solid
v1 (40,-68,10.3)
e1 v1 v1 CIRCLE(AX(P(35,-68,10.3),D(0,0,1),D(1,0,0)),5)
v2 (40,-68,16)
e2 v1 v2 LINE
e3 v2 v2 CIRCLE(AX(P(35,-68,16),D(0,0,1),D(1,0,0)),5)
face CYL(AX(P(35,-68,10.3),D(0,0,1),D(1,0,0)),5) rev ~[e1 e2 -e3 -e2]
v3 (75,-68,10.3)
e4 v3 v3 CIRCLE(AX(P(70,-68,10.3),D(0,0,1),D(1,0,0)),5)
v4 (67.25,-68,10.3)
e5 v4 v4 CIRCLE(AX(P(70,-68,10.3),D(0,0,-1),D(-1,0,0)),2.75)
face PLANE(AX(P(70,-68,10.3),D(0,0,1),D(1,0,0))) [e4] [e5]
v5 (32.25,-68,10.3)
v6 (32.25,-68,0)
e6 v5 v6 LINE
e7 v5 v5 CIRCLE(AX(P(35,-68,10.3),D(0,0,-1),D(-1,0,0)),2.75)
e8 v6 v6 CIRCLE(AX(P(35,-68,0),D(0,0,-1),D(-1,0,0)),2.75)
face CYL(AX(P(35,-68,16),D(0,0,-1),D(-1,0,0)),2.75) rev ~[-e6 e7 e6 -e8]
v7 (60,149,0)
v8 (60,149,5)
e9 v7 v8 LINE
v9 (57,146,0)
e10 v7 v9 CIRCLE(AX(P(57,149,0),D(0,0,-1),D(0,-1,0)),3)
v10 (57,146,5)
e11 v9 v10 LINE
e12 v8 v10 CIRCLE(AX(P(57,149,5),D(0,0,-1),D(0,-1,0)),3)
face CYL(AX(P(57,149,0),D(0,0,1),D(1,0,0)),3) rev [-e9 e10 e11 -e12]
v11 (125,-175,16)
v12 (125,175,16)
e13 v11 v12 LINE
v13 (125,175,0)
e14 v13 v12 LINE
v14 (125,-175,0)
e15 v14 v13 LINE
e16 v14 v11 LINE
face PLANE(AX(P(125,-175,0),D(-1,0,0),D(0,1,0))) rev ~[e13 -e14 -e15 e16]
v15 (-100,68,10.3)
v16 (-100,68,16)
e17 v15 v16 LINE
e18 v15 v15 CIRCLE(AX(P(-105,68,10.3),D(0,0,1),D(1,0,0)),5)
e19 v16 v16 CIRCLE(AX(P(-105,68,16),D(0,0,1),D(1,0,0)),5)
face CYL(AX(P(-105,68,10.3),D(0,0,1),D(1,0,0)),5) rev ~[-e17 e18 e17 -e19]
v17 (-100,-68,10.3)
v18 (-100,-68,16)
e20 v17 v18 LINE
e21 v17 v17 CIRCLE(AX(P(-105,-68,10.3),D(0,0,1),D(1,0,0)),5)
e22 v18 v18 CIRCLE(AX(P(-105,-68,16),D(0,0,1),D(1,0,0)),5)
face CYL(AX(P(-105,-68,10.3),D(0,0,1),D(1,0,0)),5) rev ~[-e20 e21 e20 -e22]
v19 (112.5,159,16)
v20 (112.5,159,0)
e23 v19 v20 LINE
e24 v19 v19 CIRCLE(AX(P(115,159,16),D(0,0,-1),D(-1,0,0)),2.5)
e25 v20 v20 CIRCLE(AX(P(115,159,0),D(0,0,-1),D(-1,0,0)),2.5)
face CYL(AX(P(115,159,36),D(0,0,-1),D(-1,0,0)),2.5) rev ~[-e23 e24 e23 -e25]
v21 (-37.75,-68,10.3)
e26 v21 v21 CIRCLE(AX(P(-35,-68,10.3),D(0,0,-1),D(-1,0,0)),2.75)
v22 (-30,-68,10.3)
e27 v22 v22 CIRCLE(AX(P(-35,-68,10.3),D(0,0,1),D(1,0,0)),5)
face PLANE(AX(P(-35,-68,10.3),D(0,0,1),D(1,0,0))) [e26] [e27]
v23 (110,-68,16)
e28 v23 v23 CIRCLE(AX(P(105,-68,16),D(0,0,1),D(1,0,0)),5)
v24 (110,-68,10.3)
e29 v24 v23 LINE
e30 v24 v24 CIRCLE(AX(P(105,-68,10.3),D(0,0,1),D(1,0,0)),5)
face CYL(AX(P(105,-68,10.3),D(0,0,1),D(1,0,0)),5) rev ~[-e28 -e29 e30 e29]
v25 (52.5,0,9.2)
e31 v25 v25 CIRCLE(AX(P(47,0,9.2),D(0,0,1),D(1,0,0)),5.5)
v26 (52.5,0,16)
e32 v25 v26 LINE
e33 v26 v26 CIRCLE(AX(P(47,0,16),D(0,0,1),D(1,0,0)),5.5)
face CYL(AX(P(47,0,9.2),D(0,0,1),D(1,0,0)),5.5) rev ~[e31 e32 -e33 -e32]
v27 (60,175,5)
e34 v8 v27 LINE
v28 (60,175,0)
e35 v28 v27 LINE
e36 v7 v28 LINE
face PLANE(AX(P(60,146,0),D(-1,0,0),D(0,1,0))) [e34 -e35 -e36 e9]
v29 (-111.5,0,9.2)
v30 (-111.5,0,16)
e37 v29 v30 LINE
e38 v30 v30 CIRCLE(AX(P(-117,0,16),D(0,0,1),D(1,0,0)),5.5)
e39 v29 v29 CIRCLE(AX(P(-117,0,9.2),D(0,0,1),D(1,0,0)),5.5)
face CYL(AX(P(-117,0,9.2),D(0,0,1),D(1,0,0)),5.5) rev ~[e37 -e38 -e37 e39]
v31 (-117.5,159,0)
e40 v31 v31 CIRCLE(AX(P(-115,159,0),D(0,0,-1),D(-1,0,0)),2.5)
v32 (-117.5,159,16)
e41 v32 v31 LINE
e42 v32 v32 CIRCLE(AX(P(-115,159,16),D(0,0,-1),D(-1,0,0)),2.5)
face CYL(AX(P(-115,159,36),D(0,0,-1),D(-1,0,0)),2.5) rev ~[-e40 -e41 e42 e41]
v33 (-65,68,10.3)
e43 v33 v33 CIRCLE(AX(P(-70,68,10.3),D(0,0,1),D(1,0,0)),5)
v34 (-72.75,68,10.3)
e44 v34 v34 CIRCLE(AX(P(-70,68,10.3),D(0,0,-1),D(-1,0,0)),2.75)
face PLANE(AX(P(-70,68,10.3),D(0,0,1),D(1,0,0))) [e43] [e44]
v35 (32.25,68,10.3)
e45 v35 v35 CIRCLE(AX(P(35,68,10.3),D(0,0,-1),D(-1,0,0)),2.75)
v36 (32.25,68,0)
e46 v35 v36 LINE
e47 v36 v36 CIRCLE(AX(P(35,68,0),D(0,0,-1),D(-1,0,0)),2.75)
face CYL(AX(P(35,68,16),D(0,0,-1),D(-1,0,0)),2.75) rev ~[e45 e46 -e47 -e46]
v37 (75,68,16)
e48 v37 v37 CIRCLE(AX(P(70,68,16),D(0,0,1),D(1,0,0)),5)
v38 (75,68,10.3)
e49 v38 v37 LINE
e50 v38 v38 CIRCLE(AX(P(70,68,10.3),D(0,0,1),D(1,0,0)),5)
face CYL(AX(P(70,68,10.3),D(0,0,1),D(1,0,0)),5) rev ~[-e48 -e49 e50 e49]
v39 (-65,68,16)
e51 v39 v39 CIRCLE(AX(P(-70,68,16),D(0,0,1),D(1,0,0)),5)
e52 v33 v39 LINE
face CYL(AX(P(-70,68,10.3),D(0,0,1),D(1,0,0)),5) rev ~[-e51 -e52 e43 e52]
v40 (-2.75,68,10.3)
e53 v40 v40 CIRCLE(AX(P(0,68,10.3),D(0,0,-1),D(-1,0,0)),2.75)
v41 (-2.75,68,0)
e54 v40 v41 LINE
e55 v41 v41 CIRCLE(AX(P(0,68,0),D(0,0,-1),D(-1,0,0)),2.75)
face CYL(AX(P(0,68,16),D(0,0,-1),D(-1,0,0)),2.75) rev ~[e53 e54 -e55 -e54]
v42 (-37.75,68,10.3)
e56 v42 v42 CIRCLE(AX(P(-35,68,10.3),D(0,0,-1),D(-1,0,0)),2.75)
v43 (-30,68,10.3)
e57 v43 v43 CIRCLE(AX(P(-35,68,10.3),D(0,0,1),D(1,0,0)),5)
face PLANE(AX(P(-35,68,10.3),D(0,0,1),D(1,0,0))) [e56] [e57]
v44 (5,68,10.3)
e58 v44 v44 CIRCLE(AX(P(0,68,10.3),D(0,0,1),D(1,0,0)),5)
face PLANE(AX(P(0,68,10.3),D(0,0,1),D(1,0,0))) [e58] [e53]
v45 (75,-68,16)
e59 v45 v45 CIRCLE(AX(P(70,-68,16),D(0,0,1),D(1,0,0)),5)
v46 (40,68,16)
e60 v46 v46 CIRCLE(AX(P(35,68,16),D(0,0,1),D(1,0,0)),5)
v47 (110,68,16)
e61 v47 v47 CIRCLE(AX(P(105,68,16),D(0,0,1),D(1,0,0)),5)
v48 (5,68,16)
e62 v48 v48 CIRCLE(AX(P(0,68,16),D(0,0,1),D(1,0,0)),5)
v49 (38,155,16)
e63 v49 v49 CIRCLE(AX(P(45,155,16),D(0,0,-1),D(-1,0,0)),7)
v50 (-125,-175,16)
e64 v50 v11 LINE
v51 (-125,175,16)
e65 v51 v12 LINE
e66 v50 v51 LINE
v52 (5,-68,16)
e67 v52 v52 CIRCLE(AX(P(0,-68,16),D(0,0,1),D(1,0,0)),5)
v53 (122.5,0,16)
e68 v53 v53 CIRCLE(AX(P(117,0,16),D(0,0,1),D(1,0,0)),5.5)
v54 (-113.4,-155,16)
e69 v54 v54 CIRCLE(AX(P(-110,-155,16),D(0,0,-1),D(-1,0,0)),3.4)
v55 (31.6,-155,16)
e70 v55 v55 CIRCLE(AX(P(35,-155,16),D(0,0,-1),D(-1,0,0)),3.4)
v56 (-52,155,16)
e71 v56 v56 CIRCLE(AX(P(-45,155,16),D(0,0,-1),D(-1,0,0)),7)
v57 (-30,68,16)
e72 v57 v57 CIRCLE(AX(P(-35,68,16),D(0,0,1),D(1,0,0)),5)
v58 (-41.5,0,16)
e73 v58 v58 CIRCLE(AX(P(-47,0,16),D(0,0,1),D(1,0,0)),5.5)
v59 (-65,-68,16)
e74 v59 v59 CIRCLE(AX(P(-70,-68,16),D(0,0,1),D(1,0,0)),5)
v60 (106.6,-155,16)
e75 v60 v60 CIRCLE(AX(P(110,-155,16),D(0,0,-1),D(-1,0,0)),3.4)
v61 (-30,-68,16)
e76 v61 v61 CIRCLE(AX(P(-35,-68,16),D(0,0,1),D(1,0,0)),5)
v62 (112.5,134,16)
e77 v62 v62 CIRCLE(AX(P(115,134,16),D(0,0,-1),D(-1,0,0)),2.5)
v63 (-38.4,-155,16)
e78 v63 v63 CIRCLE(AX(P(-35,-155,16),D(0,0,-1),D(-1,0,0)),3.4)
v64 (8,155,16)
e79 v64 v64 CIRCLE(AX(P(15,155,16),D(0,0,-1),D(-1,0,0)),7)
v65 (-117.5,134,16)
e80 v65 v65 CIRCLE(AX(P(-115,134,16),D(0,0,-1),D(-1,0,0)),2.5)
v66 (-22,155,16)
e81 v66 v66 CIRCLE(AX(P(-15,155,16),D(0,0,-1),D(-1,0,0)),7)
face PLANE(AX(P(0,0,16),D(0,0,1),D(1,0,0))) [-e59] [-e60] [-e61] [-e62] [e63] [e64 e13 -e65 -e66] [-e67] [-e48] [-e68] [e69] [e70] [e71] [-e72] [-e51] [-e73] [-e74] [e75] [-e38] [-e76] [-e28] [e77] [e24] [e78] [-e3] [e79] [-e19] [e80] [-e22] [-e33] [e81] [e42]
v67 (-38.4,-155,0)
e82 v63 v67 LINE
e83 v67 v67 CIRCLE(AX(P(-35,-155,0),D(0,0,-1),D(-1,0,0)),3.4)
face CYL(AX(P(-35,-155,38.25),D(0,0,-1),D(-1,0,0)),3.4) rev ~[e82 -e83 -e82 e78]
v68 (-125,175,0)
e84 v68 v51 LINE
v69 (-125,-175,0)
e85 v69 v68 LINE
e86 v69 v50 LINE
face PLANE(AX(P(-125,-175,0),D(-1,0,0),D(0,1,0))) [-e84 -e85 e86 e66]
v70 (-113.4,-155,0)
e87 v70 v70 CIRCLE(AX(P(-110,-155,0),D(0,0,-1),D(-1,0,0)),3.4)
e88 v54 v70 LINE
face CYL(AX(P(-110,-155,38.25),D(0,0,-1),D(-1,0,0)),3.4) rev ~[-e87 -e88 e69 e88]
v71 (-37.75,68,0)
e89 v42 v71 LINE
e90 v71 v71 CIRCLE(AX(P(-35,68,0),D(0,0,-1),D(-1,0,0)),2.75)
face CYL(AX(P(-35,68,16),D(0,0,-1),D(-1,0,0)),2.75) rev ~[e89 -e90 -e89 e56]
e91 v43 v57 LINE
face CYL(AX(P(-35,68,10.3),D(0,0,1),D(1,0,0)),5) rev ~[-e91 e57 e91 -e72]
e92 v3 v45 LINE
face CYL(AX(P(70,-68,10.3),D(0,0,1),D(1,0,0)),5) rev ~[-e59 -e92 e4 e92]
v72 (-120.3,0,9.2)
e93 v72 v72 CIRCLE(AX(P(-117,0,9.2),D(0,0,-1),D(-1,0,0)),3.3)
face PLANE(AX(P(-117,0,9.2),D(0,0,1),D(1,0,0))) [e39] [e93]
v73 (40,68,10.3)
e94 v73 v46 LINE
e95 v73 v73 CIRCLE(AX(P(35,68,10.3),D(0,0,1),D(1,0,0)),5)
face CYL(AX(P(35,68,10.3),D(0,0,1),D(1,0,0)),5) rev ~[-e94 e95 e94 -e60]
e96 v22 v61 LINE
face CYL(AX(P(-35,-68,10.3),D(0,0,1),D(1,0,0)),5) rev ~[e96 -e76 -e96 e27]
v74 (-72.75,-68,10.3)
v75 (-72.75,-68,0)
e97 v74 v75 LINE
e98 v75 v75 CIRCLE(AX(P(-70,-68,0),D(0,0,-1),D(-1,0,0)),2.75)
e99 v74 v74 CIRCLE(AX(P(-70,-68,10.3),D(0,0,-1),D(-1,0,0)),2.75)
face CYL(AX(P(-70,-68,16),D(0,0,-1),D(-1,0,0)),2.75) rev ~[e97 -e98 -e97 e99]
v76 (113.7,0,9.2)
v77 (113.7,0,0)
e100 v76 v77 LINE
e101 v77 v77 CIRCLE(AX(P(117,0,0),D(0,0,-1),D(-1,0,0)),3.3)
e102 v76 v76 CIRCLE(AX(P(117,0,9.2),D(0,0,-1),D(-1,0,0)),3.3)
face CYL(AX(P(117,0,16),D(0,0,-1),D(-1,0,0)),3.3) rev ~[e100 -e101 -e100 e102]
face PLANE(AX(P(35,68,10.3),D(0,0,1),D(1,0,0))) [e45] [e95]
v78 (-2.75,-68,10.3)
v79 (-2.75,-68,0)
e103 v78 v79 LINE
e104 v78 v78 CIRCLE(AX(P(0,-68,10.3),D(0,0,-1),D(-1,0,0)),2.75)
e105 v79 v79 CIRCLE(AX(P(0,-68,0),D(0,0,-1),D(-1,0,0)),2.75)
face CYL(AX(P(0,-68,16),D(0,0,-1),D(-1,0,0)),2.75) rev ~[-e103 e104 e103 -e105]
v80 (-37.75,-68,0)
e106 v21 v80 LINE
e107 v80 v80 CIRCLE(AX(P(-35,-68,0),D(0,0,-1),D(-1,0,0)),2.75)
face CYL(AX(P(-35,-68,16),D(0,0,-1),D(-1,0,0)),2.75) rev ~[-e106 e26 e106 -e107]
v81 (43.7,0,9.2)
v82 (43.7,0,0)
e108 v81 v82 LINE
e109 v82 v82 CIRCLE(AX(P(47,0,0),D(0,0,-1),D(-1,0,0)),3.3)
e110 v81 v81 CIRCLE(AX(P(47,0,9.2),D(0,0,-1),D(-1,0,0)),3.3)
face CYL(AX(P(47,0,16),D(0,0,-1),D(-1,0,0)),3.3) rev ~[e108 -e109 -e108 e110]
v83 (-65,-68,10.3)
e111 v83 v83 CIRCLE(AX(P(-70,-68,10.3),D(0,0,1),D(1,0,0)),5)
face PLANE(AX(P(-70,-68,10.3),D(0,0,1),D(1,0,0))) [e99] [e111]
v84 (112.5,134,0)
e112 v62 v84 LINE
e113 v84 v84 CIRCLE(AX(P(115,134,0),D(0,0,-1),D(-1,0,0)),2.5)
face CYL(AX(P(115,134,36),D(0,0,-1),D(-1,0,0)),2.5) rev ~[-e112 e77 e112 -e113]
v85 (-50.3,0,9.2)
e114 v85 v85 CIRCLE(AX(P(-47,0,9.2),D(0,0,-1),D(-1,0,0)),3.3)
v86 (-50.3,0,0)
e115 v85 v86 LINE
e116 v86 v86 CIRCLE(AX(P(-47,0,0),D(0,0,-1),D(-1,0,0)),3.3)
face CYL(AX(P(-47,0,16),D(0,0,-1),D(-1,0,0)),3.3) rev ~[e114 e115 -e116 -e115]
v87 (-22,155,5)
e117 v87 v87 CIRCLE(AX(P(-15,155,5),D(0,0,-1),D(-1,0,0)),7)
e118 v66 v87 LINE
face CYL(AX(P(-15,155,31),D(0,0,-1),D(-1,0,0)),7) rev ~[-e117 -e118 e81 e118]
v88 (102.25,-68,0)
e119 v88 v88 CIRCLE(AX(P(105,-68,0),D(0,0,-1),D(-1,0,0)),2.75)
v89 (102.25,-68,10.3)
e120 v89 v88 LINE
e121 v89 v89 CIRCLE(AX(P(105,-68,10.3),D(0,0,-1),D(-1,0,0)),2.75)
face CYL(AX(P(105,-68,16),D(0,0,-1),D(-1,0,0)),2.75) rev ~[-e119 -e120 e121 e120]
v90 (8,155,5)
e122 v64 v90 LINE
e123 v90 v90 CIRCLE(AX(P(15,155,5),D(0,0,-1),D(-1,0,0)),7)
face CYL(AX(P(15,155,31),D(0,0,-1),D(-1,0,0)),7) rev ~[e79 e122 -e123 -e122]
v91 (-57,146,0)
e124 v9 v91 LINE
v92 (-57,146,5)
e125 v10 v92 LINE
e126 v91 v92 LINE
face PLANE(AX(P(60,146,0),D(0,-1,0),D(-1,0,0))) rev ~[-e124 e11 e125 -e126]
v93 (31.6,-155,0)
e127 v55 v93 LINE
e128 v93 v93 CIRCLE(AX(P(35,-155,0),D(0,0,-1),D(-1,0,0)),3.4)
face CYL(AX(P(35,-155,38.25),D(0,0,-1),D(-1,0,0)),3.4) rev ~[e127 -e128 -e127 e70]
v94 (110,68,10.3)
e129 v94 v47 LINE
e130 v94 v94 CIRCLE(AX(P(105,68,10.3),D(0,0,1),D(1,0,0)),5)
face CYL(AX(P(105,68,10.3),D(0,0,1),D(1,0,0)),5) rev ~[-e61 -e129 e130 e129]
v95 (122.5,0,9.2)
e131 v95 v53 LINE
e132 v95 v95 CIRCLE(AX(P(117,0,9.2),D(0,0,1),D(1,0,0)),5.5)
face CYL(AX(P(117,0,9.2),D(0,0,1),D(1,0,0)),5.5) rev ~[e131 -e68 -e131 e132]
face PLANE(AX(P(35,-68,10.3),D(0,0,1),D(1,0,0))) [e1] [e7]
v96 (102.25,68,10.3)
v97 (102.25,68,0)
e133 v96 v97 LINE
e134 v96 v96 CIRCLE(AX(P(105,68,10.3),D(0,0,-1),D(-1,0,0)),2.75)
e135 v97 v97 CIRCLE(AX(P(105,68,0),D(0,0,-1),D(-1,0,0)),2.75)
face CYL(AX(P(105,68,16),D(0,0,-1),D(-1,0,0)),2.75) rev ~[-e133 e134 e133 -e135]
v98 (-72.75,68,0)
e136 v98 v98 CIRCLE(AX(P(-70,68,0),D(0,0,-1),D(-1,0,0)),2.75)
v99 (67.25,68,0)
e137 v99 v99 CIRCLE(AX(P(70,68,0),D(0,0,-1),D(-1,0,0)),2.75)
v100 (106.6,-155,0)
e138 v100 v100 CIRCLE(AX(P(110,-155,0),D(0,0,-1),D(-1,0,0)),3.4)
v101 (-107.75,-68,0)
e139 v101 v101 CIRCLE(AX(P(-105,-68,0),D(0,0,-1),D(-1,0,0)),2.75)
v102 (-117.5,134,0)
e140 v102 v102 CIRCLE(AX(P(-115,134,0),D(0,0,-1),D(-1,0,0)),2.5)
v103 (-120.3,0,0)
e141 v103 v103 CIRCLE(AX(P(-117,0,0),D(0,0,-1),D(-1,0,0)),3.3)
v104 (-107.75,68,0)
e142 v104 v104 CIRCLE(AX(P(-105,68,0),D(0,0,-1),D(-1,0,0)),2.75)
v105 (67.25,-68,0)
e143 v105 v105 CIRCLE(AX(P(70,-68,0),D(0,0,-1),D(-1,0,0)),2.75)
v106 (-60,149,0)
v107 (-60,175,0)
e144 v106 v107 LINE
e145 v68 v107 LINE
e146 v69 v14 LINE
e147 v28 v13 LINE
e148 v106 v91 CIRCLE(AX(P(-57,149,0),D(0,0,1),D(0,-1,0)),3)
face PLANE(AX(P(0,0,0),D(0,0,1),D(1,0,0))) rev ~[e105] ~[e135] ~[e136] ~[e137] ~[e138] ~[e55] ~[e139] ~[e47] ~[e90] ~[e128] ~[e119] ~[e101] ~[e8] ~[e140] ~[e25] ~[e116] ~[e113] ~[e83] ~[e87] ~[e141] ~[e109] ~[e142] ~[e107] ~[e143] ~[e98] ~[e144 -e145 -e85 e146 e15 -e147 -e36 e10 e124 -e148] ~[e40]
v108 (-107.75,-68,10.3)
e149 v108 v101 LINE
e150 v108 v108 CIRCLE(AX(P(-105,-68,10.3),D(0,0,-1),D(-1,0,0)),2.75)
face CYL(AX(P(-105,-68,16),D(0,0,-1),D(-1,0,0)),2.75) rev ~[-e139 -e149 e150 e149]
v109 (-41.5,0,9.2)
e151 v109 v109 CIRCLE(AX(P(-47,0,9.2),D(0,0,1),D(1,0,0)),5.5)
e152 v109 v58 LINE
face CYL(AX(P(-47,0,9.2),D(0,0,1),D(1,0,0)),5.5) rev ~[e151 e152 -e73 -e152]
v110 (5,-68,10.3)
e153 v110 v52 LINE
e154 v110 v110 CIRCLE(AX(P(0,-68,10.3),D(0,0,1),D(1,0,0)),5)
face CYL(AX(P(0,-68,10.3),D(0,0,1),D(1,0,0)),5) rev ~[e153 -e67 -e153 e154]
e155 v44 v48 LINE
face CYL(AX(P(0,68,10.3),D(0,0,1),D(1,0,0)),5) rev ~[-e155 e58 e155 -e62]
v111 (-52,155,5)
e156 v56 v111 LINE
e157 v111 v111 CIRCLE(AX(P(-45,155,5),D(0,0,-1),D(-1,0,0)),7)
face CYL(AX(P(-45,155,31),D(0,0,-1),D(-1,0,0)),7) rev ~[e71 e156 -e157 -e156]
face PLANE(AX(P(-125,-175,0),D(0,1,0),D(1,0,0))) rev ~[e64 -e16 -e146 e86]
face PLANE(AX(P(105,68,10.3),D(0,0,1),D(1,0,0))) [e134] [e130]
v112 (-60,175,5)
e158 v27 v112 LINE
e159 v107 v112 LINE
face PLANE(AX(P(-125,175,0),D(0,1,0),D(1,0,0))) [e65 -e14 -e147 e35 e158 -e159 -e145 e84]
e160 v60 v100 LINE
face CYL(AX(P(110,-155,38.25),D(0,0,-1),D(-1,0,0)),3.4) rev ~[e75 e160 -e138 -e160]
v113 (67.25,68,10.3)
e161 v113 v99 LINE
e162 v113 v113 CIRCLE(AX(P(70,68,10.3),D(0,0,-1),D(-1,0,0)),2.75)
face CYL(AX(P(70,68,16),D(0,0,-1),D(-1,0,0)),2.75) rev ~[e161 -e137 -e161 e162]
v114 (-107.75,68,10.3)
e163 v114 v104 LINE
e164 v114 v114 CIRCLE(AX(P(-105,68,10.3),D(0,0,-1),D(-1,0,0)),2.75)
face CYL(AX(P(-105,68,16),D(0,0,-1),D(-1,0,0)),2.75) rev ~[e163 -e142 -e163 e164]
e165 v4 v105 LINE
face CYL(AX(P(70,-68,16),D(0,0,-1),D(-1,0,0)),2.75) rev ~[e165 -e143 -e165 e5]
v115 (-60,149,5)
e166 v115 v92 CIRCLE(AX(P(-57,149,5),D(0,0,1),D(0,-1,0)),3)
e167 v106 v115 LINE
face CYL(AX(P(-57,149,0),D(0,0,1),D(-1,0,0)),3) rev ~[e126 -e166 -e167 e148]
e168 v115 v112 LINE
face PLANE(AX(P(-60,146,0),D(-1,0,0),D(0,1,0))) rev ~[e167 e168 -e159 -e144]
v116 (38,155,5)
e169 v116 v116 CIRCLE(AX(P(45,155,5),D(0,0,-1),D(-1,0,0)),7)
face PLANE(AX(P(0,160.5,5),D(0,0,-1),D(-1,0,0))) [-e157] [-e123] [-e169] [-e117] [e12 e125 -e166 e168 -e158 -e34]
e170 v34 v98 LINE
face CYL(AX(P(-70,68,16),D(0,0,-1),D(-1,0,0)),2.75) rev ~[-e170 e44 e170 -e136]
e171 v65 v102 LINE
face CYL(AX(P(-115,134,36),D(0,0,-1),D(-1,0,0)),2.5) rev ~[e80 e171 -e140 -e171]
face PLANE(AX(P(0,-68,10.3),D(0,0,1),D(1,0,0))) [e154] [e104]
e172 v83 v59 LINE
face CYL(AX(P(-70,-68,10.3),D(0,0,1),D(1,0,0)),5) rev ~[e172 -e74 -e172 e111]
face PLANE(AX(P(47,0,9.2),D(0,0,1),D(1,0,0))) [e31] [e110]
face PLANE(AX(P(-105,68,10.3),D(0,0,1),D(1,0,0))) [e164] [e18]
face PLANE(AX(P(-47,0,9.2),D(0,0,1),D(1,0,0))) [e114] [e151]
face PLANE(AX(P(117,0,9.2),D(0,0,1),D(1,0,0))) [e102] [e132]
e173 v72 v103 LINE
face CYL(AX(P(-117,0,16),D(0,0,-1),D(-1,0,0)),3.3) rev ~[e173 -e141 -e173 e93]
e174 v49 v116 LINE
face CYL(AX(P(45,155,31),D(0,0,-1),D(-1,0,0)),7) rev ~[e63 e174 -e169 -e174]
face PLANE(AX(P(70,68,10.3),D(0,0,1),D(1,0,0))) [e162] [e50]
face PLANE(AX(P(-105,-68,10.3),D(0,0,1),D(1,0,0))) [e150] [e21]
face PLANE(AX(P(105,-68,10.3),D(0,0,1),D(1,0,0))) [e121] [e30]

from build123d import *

# Parameters (mm, degrees)
SKETCH_1_W                  = 250
SKETCH_1_H                  = 350
EXTRUDE_1_DEPTH             = 16
HOLE_WIZARD_0_D             = 5.5
HOLE_WIZARD_0_DEPTH         = 22.25
HOLE_WIZARD_0_CBORE_D       = 10
HOLE_WIZARD_0_CBORE_DEPTH   = 5.7
HOLE_WIZARD_0_TIP           = 1.652366702
HOLE_WIZARD_0_2_D           = 6.6
HOLE_WIZARD_0_2_DEPTH       = 16
HOLE_WIZARD_0_2_CBORE_D     = 11
HOLE_WIZARD_0_2_CBORE_DEPTH = 6.8
MM_1_D                      = 6.8
MM_1_DEPTH                  = 22.25
MM_1_TIP                    = 2.042926105
HOLE_WIZARD_M6_1_D          = 5
HOLE_WIZARD_M6_1_DEPTH      = 20
HOLE_WIZARD_M6_1_TIP        = 1.502151548
MM_2_D                      = 14
MM_2_DEPTH                  = 15
MM_2_TIP                    = 4.206024333
SKETCH_12_W                 = 120
SKETCH_12_H                 = 29
CUT_EXTRUDE_1_DEPTH         = 5
FILLET_1_R                  = 3


with BuildPart() as part:
    # 草图1 → 凸台-拉伸1 (new body)
    with BuildSketch(Plane.XY):
        Rectangle(SKETCH_1_W, SKETCH_1_H)
    extrude(amount=EXTRUDE_1_DEPTH)

    # Hole Wizard 0
    with Locations(Plane(origin=(-70, 68, 16), x_dir=(1, 0, 0), z_dir=(0, 0, 1))):
        with Locations((0, 0), (35, 0), (70, 0), (105, 0), (140, 0), (-35, 0), (175, 0), (-35, -136), (0, -136), (35, -136), (70, -136), (105, -136), (140, -136), (175, -136)):
            CounterBoreHole(HOLE_WIZARD_0_D / 2, HOLE_WIZARD_0_CBORE_D / 2, HOLE_WIZARD_0_CBORE_DEPTH, depth=HOLE_WIZARD_0_DEPTH)
            with Locations((0, 0, -(HOLE_WIZARD_0_DEPTH + HOLE_WIZARD_0_TIP / 2))):  # 118° drill point
                Cone(0, HOLE_WIZARD_0_D / 2, HOLE_WIZARD_0_TIP, mode=Mode.SUBTRACT)

    # Hole Wizard 0 2
    with Locations(Plane(origin=(-47, 0, 16), x_dir=(1, 0, 0), z_dir=(0, 0, 1))):
        with Locations((0, 0), (94, 0), (-70, 0), (164, 0)):
            CounterBoreHole(HOLE_WIZARD_0_2_D / 2, HOLE_WIZARD_0_2_CBORE_D / 2, HOLE_WIZARD_0_2_CBORE_DEPTH, depth=HOLE_WIZARD_0_2_DEPTH)

    # 大小mm 暗销孔1
    with Locations(Plane(origin=(-110, -155, 16), x_dir=(1, 0, 0), z_dir=(0, 0, 1))):
        with Locations((0, 0), (75, 0), (145, 0), (220, 0)):
            Hole(MM_1_D / 2, depth=MM_1_DEPTH)
            with Locations((0, 0, -(MM_1_DEPTH + MM_1_TIP / 2))):  # 118° drill point
                Cone(0, MM_1_D / 2, MM_1_TIP, mode=Mode.SUBTRACT)

    # M6 螺纹孔1
    with Locations(Plane(origin=(-115, 159, 16), x_dir=(1, 0, 0), z_dir=(0, 0, 1))):
        with Locations((0, 0), (0, -25), (230, 0), (230, -25)):
            Hole(HOLE_WIZARD_M6_1_D / 2, depth=HOLE_WIZARD_M6_1_DEPTH)
            with Locations((0, 0, -(HOLE_WIZARD_M6_1_DEPTH + HOLE_WIZARD_M6_1_TIP / 2))):  # 118° drill point
                Cone(0, HOLE_WIZARD_M6_1_D / 2, HOLE_WIZARD_M6_1_TIP, mode=Mode.SUBTRACT)

    # 大小mm 暗销槽口2
    with Locations(Plane(origin=(-45, 155, 16), x_dir=(1, 0, 0), z_dir=(0, 0, 1))):
        with Locations((0, 0), (30, 0), (60, 0), (90, 0)):
            Hole(MM_2_D / 2, depth=MM_2_DEPTH)
            with Locations((0, 0, -(MM_2_DEPTH + MM_2_TIP / 2))):  # 118° drill point
                Cone(0, MM_2_D / 2, MM_2_TIP, mode=Mode.SUBTRACT)

    # 草图12 → 切除-拉伸1 (cut)
    with BuildSketch(Plane(origin=(0, 0, 0), x_dir=(-1, 0, 0), z_dir=(0, 0, -1))):
        with Locations((0, 160.5)):
            Rectangle(SKETCH_12_W, SKETCH_12_H)
    extrude(amount=-CUT_EXTRUDE_1_DEPTH, mode=Mode.SUBTRACT)

    # 圆角1
    fillet_1_edges = [part.edges().sort_by_distance(p)[0] for p in [
        (60, 146, 2.5),
        (-60, 146, 2.5),
    ]]
    fillet(fillet_1_edges, radius=FILLET_1_R)


solid = part.part
